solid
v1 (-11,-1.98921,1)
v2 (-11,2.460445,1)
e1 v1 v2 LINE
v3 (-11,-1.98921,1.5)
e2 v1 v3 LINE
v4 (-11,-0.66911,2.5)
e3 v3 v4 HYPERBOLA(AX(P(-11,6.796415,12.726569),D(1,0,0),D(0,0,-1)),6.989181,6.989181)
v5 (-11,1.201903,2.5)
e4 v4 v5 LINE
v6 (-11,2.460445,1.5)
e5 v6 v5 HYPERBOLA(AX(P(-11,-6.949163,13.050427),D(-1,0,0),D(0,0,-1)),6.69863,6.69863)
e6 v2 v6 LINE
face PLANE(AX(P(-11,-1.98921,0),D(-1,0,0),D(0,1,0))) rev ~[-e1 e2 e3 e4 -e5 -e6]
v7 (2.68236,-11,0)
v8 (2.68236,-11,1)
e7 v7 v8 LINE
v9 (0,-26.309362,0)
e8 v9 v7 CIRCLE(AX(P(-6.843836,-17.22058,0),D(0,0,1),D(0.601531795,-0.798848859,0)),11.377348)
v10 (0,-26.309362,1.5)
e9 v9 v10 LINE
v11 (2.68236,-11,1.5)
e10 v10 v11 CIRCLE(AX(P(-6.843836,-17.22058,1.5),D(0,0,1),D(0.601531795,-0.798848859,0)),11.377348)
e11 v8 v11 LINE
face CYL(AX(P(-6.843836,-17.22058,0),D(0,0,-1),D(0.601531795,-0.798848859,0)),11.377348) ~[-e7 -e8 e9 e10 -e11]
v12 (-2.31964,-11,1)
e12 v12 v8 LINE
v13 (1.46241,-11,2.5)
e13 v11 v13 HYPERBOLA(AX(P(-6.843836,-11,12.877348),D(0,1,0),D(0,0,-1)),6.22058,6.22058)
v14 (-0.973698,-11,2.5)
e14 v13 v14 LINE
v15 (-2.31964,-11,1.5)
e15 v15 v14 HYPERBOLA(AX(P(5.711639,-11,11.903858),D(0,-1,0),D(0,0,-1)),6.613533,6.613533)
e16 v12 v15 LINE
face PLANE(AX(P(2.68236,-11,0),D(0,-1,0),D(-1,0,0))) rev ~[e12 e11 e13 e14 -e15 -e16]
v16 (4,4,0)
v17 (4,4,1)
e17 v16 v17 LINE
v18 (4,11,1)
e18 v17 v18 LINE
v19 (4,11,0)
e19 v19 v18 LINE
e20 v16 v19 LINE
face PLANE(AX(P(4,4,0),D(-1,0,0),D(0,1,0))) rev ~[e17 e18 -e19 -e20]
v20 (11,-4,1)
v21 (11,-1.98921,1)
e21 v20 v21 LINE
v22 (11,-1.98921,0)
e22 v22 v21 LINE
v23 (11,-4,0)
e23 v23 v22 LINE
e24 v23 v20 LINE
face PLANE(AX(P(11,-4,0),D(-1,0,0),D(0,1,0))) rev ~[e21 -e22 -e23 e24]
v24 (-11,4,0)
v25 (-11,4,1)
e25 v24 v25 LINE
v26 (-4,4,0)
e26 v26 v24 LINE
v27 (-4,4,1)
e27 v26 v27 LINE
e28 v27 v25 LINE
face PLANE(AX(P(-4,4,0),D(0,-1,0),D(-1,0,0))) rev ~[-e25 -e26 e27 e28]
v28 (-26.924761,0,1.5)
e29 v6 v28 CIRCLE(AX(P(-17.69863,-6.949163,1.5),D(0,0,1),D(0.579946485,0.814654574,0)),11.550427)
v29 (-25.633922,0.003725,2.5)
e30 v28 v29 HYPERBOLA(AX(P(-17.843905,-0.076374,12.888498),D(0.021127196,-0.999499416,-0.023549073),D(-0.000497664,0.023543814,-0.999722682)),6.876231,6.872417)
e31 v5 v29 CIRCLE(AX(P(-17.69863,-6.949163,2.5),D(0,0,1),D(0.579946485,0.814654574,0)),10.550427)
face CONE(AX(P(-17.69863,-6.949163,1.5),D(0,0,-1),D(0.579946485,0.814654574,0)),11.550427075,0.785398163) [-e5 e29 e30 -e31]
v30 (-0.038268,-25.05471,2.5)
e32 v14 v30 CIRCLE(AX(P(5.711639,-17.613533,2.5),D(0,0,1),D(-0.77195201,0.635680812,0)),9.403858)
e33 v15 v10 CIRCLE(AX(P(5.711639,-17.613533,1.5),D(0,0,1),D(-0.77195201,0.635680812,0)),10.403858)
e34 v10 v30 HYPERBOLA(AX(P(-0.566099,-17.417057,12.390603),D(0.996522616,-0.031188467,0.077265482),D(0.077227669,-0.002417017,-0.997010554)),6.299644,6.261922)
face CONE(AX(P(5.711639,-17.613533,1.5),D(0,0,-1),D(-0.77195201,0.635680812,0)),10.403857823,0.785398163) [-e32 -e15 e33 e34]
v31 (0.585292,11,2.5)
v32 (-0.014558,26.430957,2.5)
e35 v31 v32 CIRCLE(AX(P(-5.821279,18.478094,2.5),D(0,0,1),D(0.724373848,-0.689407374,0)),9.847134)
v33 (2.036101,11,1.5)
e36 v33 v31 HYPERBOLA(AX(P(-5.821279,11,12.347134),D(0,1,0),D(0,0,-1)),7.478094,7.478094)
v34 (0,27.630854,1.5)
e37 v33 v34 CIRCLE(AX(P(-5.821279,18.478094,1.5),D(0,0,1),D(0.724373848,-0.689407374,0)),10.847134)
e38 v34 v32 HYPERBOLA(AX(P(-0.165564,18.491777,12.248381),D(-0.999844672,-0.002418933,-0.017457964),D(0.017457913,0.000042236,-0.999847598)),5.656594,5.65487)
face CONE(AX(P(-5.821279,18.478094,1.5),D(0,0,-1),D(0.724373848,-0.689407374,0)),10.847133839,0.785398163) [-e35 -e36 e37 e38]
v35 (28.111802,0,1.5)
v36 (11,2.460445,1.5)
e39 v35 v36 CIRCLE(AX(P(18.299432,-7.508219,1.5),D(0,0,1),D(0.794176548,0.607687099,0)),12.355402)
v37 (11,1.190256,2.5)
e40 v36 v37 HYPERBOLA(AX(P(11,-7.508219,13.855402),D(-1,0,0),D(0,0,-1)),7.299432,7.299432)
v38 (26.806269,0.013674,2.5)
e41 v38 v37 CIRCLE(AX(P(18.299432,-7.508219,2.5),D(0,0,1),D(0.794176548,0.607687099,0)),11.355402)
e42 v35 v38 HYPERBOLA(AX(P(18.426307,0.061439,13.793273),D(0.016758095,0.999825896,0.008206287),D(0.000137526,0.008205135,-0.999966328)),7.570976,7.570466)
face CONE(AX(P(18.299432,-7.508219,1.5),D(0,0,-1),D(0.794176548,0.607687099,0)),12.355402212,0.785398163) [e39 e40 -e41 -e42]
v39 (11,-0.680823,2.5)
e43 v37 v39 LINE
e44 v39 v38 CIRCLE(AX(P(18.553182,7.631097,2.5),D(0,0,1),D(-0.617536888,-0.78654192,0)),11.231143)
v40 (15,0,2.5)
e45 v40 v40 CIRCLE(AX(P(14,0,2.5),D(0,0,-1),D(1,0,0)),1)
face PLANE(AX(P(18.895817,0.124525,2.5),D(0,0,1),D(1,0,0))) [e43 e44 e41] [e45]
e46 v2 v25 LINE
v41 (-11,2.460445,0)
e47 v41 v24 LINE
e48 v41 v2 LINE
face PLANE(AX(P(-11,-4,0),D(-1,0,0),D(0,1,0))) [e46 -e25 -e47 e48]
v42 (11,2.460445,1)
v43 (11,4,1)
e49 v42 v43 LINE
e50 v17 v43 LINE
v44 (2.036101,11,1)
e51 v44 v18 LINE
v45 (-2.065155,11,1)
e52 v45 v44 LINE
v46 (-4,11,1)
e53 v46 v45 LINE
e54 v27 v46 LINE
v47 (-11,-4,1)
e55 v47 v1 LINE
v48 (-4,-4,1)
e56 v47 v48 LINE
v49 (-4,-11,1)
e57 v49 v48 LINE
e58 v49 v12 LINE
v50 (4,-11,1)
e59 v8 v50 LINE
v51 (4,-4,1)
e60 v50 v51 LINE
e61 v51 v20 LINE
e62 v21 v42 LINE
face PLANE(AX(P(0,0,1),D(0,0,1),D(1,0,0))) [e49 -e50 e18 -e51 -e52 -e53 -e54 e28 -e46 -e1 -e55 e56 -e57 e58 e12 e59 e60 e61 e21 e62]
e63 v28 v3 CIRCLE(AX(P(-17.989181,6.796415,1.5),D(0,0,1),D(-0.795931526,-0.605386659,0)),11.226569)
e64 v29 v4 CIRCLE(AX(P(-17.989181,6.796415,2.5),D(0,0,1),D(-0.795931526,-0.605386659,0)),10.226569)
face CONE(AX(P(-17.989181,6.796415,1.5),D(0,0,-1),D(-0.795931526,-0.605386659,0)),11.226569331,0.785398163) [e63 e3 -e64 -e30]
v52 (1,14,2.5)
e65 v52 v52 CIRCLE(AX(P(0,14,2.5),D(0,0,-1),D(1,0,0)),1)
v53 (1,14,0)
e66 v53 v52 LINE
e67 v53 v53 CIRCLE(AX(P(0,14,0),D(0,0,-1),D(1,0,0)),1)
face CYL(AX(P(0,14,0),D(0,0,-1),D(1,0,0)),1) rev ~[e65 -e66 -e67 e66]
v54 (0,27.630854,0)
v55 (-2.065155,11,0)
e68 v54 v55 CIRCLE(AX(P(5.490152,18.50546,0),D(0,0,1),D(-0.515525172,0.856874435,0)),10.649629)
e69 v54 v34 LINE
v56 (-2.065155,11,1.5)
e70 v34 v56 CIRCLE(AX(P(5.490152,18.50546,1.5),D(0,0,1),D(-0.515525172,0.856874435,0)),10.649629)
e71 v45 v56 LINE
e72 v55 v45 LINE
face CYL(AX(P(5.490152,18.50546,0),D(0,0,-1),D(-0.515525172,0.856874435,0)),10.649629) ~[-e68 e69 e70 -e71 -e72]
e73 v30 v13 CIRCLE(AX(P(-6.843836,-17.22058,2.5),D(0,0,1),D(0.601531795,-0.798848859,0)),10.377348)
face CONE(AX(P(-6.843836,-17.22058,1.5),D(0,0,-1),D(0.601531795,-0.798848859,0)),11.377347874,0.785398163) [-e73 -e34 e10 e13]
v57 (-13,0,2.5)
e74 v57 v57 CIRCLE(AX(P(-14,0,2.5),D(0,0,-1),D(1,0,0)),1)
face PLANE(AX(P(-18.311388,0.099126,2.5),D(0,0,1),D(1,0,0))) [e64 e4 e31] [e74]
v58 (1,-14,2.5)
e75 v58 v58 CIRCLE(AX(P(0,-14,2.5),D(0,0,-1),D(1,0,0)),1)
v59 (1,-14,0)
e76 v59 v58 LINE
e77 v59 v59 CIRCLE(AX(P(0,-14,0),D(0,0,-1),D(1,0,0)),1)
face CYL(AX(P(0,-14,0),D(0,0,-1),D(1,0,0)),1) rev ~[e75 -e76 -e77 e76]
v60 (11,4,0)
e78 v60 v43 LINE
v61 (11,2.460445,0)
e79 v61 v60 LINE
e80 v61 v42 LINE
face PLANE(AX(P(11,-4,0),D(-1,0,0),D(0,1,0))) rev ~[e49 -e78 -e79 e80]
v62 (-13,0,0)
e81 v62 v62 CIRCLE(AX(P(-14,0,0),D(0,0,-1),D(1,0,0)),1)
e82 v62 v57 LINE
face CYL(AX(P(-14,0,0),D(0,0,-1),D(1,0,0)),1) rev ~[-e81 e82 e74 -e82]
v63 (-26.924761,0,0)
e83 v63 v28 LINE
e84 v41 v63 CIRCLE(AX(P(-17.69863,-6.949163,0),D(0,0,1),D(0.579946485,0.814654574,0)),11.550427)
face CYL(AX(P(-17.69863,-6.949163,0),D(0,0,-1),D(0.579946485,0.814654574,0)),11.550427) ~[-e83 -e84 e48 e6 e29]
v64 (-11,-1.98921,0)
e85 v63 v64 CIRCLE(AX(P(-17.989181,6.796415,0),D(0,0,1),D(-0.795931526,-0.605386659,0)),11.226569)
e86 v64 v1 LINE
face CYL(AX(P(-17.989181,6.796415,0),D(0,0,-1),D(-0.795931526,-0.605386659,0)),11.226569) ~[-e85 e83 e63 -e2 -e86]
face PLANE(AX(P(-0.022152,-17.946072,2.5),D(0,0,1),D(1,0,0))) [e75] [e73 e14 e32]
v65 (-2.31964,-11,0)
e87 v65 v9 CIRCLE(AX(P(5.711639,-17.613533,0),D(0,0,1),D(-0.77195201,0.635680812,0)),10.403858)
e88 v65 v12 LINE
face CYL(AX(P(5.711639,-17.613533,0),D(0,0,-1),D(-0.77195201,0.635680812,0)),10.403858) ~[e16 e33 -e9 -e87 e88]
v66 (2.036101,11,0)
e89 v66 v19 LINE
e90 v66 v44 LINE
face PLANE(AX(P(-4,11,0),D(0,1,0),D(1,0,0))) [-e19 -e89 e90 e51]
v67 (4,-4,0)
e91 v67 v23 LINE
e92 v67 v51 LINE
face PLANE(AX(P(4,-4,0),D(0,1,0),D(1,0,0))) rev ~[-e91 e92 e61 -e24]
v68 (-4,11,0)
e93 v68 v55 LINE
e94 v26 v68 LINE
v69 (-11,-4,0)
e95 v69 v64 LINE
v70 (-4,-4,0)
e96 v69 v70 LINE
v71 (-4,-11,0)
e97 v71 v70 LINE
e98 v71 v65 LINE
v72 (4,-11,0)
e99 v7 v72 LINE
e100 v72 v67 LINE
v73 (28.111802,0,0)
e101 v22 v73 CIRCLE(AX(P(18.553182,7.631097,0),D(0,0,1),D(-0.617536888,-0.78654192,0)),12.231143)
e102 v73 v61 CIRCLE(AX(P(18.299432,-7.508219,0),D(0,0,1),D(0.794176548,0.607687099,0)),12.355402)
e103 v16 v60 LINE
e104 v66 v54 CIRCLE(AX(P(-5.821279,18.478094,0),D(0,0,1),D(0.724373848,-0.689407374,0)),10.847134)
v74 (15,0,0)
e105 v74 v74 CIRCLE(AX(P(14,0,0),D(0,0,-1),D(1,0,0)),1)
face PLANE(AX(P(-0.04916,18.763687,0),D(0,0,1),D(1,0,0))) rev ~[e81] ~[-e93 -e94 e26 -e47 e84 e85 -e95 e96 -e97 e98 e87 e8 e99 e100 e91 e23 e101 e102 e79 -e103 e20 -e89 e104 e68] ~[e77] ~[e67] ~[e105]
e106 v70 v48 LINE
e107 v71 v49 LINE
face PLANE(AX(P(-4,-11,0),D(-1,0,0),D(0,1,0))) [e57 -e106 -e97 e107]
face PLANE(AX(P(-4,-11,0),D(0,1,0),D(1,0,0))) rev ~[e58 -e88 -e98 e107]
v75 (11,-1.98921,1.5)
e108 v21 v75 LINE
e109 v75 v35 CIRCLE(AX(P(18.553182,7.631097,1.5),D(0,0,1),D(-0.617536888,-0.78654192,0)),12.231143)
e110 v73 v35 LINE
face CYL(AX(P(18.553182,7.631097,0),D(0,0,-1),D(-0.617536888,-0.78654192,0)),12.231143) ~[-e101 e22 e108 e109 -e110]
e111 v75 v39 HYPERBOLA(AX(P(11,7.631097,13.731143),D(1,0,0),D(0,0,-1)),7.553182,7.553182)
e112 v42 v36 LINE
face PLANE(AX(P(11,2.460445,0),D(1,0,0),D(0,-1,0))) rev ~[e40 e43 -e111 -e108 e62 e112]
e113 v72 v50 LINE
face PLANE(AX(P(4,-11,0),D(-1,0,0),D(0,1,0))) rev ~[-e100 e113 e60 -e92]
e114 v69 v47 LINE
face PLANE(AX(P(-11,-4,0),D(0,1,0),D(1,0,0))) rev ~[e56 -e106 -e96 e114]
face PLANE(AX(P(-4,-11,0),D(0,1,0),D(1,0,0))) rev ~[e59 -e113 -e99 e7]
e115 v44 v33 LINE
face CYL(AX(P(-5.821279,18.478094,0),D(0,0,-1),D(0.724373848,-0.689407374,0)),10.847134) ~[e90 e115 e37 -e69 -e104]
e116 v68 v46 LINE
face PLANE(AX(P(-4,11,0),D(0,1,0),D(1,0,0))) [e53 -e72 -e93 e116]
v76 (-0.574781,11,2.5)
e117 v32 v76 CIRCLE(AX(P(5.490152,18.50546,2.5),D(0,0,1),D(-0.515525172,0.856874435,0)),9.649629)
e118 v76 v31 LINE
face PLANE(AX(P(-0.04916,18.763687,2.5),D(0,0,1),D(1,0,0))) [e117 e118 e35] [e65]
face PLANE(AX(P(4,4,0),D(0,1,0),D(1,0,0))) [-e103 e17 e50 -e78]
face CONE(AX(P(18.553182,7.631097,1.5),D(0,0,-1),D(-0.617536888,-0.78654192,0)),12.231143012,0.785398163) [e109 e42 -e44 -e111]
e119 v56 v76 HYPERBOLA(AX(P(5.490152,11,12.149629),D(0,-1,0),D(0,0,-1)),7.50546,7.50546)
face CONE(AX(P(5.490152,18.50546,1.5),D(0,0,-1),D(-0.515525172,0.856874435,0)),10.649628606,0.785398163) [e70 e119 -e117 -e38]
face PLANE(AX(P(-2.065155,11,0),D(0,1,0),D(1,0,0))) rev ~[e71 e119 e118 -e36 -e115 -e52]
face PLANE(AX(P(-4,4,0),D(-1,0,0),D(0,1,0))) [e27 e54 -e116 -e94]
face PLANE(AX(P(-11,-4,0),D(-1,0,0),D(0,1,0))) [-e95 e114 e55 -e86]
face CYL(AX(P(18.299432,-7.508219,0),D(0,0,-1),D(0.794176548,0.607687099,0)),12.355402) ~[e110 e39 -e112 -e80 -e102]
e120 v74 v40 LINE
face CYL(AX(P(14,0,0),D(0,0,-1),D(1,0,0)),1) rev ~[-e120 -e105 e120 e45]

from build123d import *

# Parameters (mm, degrees)
F0_W     = 8
F0_H     = 8
F0_W_2   = 7
F0_H_2   = 7
F1_DEPTH = 1
F3_DEPTH = 2.5
F4_R     = 1
F5_DEPTH = 2.501
F6_SIZE  = 1


with BuildPart() as f1:
    # F0 (on Top) → F1 (new body)
    with BuildSketch(Plane.XY):
        Rectangle(F0_W, F0_H)
        with Locations((-7.5, 0)):
            Rectangle(F0_W_2, F0_H)
        with Locations((0, 7.5)):
            Rectangle(F0_W, F0_H_2)
        with Locations((0, -7.5)):
            Rectangle(F0_W, F0_H_2)
        with Locations((7.5, 0)):
            Rectangle(F0_W_2, F0_H)
    extrude(amount=F1_DEPTH)

    # F2 (on Top) → F3 (join)
    with BuildSketch(Plane.XY):
        with BuildLine():
            ThreePointArc((2.036100952, 11), (4.945464062, 19.7962570079), (0, 27.630854398))
            ThreePointArc((0, 27.630854398), (-5.0783073922, 19.8178102809), (-2.0651551895, 11))
            Line((-2.0651551895, 11), (2.036100952, 11))
        make_face()
        with BuildLine():
            Line((-11, -1.9892101258), (-11, 2.4604453852))
            ThreePointArc((-11, 2.4604453852), (-19.4622945933, 4.4658207731), (-26.9247610122, 0))
            ThreePointArc((-26.9247610122, 0), (-19.3807111434, -4.3435802853), (-11, -1.9892101258))
        make_face()
        with BuildLine():
            Line((2.6823603006, -11), (-2.3196401929, -11))
            ThreePointArc((-2.3196401929, -11), (-4.574812793, -19.1721128853), (0, -26.3093616813))
            ThreePointArc((0, -26.3093616813), (4.36279709, -19.1840997342), (2.6823603006, -11))
        make_face()
        with BuildLine():
            ThreePointArc((11, -1.9892101258), (19.9655151881, -4.5182315612), (28.1118024141, 0))
            ThreePointArc((28.1118024141, 0), (20.0578865698, 4.7214094483), (11, 2.4604453852))
            Line((11, 2.4604453852), (11, -1.9892101258))
        make_face()
    extrude(amount=F3_DEPTH)

    # F4 (on face) → F5 (cut, through all)
    with BuildSketch(Plane(origin=(0, 0, 0), x_dir=(1, 0, 0), z_dir=(0, 0, -1))):
        with Locations((0, 14)):
            Circle(F4_R)
        with Locations((-14, 0)):
            Circle(F4_R)
        with Locations((0, -14)):
            Circle(F4_R)
        with Locations((14, 0)):
            Circle(F4_R)
    extrude(amount=-F5_DEPTH, mode=Mode.SUBTRACT)

    # F6
    f6_edges = [f1.edges().sort_by_distance(p)[0] for p in [
        (-5.078307, 19.81781, 2.5),
        (4.945464, 19.796257, 2.5),
        (20.057887, 4.721409, 2.5),
        (4.362797, -19.1841, 2.5),
        (19.965515, -4.518232, 2.5),
        (-4.574813, -19.172113, 2.5),
        (-19.462295, 4.465821, 2.5),
        (-19.380711, -4.34358, 2.5),
    ]]
    chamfer(f6_edges, length=F6_SIZE)


solid = f1.part
